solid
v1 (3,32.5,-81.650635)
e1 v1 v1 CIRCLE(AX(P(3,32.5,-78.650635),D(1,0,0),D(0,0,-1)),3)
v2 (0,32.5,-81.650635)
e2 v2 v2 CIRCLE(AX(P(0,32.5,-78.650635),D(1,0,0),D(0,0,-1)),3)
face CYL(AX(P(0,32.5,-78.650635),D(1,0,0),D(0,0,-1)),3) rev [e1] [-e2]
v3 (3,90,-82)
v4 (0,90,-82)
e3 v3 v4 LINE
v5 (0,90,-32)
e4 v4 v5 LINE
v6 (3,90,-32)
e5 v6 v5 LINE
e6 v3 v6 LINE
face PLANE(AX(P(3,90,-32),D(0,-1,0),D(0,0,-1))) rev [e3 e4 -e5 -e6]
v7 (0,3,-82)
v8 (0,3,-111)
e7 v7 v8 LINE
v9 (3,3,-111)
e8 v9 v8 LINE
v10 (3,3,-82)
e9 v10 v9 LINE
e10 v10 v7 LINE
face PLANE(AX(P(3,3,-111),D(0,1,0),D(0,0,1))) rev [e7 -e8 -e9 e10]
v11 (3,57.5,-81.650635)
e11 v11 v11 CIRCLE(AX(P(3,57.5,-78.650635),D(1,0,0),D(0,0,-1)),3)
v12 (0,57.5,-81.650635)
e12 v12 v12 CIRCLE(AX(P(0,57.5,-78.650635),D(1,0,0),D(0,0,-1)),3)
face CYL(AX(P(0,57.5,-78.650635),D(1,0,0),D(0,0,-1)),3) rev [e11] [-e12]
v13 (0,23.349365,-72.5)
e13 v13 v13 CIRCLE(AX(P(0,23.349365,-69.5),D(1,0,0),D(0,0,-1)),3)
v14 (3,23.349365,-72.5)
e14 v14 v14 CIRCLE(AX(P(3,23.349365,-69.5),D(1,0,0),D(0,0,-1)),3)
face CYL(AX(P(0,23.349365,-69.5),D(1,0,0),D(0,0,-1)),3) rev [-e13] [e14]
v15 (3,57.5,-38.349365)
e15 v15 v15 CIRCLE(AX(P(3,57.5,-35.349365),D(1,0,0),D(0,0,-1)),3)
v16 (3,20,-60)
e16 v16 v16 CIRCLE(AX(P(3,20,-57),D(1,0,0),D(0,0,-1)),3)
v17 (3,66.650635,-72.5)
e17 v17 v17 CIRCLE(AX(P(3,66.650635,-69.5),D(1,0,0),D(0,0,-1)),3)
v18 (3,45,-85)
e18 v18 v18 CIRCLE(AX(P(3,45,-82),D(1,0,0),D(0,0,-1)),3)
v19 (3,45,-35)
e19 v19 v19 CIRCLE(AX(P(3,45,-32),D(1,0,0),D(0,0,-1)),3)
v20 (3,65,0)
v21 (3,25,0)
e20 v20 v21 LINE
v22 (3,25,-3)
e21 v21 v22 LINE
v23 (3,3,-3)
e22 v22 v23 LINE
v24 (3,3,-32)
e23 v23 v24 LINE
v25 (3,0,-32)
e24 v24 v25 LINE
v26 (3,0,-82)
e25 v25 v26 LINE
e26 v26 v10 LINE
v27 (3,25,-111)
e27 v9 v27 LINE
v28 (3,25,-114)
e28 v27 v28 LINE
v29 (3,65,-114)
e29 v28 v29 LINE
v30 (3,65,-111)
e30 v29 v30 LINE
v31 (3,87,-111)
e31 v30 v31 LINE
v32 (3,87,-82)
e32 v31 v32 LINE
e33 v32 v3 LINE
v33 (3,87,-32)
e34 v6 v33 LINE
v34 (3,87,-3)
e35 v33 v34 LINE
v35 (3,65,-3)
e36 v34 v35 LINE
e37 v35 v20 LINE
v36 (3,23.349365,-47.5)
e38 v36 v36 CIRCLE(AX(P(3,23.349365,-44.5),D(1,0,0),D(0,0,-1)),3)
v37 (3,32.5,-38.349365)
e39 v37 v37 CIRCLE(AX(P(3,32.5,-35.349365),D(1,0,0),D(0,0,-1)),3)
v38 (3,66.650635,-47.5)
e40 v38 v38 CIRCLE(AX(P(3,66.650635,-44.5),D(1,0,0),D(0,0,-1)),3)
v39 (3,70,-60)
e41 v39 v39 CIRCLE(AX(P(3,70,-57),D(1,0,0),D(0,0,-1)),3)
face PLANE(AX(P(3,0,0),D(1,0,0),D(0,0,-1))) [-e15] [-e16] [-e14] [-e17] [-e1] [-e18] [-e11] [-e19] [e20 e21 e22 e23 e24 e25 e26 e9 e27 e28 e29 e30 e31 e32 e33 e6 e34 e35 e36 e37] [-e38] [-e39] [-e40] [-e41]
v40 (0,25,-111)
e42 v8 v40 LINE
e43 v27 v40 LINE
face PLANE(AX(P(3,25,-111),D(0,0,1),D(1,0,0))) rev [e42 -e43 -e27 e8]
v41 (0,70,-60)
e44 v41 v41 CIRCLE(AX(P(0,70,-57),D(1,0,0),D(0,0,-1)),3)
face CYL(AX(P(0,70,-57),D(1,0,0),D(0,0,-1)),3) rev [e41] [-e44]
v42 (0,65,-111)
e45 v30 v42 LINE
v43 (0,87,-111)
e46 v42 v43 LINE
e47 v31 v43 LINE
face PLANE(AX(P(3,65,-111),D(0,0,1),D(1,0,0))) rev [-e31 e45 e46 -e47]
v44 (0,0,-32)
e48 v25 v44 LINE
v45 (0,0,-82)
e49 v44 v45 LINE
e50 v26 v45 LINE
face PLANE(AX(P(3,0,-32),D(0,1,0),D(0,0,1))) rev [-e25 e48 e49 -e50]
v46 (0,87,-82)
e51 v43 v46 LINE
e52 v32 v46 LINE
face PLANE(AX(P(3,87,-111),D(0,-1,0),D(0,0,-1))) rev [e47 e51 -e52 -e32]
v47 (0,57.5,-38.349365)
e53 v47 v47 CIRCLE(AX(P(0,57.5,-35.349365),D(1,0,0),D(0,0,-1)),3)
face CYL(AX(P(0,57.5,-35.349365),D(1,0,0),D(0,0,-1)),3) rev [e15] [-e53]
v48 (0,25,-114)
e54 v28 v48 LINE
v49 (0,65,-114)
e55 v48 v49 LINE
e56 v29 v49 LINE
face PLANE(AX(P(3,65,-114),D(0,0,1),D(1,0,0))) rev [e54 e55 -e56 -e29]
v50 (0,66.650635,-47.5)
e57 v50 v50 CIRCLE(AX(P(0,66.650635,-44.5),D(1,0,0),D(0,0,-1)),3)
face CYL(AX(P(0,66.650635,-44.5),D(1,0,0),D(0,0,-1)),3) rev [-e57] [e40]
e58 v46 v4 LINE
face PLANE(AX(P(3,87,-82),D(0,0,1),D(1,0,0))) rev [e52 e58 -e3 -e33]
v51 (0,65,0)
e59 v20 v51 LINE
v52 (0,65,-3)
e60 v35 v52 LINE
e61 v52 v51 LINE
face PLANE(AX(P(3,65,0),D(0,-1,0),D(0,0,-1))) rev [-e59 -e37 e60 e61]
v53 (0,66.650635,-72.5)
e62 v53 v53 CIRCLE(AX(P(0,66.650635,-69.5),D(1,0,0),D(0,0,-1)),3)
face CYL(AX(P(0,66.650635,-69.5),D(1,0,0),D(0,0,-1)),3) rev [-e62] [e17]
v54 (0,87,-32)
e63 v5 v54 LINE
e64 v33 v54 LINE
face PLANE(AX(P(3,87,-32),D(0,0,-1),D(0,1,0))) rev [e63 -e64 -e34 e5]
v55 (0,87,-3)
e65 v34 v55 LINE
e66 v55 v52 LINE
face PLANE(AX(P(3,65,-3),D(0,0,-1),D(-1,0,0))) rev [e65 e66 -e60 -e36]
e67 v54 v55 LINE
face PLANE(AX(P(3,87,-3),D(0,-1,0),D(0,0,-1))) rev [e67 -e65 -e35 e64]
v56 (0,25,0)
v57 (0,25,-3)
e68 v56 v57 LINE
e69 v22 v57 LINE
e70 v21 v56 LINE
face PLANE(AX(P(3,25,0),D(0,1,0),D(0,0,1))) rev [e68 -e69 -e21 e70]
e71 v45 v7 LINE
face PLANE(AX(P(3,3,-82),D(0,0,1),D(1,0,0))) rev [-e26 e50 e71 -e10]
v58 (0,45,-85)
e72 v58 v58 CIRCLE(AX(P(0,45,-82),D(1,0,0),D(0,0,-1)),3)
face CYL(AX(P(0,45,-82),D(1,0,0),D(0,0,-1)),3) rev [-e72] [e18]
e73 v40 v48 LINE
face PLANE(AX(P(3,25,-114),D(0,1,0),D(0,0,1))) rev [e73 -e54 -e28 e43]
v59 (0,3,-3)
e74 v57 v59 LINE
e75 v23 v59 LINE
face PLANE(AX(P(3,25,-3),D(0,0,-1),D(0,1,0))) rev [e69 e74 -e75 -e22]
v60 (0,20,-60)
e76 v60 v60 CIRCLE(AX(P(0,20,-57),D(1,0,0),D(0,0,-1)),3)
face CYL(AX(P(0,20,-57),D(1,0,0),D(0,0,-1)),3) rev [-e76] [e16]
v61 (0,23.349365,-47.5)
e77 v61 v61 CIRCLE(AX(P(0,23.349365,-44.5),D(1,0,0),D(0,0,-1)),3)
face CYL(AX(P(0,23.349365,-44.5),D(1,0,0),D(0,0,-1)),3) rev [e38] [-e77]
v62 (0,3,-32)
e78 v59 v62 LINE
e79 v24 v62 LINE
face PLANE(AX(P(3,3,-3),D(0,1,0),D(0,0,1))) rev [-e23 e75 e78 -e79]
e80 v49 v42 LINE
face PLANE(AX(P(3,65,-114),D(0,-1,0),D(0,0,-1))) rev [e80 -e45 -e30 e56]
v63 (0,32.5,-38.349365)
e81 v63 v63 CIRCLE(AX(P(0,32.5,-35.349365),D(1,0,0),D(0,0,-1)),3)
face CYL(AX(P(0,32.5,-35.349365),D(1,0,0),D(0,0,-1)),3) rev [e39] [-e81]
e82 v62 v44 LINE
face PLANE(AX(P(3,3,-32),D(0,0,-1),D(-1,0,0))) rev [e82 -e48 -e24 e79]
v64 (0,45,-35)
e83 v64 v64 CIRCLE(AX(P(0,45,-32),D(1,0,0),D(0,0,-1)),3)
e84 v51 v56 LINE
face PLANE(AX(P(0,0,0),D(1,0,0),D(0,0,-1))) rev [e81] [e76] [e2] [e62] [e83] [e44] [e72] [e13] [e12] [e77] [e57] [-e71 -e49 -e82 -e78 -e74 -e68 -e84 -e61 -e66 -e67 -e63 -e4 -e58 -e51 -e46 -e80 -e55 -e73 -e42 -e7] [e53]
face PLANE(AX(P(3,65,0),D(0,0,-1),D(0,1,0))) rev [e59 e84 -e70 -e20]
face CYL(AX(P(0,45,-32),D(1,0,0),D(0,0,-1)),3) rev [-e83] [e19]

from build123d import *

# Parameters (mm, degrees)
EXTRUDE_1_DEPTH     = 3
SKETCH_2_R          = 3
CUT_EXTRUDE_1_DEPTH = 146.275600154


with BuildPart() as part:
    # Эскиз1 → Бобышка-Вытянуть1 (new body)
    with BuildSketch(Plane(origin=(0, 0, 0), x_dir=(0, 0, -1), z_dir=(1, 0, 0))):
        Polygon((0, 65), (0, 25), (3, 25), (3, 3), (32, 3), (32, 0), (82, 0), (82, 3), (111, 3), (111, 25), (114, 25), (114, 65), (111, 65), (111, 87), (82, 87), (82, 90), (32, 90), (32, 87), (3, 87), (3, 65), align=None)
    extrude(amount=EXTRUDE_1_DEPTH)

    # Эскиз2 → Вырез-Вытянуть1 (cut, through all)
    with BuildSketch(Plane(origin=(3, 0, 0), x_dir=(0, 0, -1), z_dir=(1, 0, 0))):
        with Locations((32, 45)):
            Circle(SKETCH_2_R)
        with Locations((35.349364905, 57.5)):
            Circle(SKETCH_2_R)
        with Locations((44.5, 66.650635095)):
            Circle(SKETCH_2_R)
        with Locations((57, 70)):
            Circle(SKETCH_2_R)
        with Locations((69.5, 66.650635095)):
            Circle(SKETCH_2_R)
        with Locations((78.650635095, 57.5)):
            Circle(SKETCH_2_R)
        with Locations((82, 45)):
            Circle(SKETCH_2_R)
        with Locations((78.650635095, 32.5)):
            Circle(SKETCH_2_R)
        with Locations((69.5, 23.349364905)):
            Circle(SKETCH_2_R)
        with Locations((57, 20)):
            Circle(SKETCH_2_R)
        with Locations((44.5, 23.349364905)):
            Circle(SKETCH_2_R)
        with Locations((35.349364905, 32.5)):
            Circle(SKETCH_2_R)
    extrude(amount=-CUT_EXTRUDE_1_DEPTH, mode=Mode.SUBTRACT)


solid = part.part
